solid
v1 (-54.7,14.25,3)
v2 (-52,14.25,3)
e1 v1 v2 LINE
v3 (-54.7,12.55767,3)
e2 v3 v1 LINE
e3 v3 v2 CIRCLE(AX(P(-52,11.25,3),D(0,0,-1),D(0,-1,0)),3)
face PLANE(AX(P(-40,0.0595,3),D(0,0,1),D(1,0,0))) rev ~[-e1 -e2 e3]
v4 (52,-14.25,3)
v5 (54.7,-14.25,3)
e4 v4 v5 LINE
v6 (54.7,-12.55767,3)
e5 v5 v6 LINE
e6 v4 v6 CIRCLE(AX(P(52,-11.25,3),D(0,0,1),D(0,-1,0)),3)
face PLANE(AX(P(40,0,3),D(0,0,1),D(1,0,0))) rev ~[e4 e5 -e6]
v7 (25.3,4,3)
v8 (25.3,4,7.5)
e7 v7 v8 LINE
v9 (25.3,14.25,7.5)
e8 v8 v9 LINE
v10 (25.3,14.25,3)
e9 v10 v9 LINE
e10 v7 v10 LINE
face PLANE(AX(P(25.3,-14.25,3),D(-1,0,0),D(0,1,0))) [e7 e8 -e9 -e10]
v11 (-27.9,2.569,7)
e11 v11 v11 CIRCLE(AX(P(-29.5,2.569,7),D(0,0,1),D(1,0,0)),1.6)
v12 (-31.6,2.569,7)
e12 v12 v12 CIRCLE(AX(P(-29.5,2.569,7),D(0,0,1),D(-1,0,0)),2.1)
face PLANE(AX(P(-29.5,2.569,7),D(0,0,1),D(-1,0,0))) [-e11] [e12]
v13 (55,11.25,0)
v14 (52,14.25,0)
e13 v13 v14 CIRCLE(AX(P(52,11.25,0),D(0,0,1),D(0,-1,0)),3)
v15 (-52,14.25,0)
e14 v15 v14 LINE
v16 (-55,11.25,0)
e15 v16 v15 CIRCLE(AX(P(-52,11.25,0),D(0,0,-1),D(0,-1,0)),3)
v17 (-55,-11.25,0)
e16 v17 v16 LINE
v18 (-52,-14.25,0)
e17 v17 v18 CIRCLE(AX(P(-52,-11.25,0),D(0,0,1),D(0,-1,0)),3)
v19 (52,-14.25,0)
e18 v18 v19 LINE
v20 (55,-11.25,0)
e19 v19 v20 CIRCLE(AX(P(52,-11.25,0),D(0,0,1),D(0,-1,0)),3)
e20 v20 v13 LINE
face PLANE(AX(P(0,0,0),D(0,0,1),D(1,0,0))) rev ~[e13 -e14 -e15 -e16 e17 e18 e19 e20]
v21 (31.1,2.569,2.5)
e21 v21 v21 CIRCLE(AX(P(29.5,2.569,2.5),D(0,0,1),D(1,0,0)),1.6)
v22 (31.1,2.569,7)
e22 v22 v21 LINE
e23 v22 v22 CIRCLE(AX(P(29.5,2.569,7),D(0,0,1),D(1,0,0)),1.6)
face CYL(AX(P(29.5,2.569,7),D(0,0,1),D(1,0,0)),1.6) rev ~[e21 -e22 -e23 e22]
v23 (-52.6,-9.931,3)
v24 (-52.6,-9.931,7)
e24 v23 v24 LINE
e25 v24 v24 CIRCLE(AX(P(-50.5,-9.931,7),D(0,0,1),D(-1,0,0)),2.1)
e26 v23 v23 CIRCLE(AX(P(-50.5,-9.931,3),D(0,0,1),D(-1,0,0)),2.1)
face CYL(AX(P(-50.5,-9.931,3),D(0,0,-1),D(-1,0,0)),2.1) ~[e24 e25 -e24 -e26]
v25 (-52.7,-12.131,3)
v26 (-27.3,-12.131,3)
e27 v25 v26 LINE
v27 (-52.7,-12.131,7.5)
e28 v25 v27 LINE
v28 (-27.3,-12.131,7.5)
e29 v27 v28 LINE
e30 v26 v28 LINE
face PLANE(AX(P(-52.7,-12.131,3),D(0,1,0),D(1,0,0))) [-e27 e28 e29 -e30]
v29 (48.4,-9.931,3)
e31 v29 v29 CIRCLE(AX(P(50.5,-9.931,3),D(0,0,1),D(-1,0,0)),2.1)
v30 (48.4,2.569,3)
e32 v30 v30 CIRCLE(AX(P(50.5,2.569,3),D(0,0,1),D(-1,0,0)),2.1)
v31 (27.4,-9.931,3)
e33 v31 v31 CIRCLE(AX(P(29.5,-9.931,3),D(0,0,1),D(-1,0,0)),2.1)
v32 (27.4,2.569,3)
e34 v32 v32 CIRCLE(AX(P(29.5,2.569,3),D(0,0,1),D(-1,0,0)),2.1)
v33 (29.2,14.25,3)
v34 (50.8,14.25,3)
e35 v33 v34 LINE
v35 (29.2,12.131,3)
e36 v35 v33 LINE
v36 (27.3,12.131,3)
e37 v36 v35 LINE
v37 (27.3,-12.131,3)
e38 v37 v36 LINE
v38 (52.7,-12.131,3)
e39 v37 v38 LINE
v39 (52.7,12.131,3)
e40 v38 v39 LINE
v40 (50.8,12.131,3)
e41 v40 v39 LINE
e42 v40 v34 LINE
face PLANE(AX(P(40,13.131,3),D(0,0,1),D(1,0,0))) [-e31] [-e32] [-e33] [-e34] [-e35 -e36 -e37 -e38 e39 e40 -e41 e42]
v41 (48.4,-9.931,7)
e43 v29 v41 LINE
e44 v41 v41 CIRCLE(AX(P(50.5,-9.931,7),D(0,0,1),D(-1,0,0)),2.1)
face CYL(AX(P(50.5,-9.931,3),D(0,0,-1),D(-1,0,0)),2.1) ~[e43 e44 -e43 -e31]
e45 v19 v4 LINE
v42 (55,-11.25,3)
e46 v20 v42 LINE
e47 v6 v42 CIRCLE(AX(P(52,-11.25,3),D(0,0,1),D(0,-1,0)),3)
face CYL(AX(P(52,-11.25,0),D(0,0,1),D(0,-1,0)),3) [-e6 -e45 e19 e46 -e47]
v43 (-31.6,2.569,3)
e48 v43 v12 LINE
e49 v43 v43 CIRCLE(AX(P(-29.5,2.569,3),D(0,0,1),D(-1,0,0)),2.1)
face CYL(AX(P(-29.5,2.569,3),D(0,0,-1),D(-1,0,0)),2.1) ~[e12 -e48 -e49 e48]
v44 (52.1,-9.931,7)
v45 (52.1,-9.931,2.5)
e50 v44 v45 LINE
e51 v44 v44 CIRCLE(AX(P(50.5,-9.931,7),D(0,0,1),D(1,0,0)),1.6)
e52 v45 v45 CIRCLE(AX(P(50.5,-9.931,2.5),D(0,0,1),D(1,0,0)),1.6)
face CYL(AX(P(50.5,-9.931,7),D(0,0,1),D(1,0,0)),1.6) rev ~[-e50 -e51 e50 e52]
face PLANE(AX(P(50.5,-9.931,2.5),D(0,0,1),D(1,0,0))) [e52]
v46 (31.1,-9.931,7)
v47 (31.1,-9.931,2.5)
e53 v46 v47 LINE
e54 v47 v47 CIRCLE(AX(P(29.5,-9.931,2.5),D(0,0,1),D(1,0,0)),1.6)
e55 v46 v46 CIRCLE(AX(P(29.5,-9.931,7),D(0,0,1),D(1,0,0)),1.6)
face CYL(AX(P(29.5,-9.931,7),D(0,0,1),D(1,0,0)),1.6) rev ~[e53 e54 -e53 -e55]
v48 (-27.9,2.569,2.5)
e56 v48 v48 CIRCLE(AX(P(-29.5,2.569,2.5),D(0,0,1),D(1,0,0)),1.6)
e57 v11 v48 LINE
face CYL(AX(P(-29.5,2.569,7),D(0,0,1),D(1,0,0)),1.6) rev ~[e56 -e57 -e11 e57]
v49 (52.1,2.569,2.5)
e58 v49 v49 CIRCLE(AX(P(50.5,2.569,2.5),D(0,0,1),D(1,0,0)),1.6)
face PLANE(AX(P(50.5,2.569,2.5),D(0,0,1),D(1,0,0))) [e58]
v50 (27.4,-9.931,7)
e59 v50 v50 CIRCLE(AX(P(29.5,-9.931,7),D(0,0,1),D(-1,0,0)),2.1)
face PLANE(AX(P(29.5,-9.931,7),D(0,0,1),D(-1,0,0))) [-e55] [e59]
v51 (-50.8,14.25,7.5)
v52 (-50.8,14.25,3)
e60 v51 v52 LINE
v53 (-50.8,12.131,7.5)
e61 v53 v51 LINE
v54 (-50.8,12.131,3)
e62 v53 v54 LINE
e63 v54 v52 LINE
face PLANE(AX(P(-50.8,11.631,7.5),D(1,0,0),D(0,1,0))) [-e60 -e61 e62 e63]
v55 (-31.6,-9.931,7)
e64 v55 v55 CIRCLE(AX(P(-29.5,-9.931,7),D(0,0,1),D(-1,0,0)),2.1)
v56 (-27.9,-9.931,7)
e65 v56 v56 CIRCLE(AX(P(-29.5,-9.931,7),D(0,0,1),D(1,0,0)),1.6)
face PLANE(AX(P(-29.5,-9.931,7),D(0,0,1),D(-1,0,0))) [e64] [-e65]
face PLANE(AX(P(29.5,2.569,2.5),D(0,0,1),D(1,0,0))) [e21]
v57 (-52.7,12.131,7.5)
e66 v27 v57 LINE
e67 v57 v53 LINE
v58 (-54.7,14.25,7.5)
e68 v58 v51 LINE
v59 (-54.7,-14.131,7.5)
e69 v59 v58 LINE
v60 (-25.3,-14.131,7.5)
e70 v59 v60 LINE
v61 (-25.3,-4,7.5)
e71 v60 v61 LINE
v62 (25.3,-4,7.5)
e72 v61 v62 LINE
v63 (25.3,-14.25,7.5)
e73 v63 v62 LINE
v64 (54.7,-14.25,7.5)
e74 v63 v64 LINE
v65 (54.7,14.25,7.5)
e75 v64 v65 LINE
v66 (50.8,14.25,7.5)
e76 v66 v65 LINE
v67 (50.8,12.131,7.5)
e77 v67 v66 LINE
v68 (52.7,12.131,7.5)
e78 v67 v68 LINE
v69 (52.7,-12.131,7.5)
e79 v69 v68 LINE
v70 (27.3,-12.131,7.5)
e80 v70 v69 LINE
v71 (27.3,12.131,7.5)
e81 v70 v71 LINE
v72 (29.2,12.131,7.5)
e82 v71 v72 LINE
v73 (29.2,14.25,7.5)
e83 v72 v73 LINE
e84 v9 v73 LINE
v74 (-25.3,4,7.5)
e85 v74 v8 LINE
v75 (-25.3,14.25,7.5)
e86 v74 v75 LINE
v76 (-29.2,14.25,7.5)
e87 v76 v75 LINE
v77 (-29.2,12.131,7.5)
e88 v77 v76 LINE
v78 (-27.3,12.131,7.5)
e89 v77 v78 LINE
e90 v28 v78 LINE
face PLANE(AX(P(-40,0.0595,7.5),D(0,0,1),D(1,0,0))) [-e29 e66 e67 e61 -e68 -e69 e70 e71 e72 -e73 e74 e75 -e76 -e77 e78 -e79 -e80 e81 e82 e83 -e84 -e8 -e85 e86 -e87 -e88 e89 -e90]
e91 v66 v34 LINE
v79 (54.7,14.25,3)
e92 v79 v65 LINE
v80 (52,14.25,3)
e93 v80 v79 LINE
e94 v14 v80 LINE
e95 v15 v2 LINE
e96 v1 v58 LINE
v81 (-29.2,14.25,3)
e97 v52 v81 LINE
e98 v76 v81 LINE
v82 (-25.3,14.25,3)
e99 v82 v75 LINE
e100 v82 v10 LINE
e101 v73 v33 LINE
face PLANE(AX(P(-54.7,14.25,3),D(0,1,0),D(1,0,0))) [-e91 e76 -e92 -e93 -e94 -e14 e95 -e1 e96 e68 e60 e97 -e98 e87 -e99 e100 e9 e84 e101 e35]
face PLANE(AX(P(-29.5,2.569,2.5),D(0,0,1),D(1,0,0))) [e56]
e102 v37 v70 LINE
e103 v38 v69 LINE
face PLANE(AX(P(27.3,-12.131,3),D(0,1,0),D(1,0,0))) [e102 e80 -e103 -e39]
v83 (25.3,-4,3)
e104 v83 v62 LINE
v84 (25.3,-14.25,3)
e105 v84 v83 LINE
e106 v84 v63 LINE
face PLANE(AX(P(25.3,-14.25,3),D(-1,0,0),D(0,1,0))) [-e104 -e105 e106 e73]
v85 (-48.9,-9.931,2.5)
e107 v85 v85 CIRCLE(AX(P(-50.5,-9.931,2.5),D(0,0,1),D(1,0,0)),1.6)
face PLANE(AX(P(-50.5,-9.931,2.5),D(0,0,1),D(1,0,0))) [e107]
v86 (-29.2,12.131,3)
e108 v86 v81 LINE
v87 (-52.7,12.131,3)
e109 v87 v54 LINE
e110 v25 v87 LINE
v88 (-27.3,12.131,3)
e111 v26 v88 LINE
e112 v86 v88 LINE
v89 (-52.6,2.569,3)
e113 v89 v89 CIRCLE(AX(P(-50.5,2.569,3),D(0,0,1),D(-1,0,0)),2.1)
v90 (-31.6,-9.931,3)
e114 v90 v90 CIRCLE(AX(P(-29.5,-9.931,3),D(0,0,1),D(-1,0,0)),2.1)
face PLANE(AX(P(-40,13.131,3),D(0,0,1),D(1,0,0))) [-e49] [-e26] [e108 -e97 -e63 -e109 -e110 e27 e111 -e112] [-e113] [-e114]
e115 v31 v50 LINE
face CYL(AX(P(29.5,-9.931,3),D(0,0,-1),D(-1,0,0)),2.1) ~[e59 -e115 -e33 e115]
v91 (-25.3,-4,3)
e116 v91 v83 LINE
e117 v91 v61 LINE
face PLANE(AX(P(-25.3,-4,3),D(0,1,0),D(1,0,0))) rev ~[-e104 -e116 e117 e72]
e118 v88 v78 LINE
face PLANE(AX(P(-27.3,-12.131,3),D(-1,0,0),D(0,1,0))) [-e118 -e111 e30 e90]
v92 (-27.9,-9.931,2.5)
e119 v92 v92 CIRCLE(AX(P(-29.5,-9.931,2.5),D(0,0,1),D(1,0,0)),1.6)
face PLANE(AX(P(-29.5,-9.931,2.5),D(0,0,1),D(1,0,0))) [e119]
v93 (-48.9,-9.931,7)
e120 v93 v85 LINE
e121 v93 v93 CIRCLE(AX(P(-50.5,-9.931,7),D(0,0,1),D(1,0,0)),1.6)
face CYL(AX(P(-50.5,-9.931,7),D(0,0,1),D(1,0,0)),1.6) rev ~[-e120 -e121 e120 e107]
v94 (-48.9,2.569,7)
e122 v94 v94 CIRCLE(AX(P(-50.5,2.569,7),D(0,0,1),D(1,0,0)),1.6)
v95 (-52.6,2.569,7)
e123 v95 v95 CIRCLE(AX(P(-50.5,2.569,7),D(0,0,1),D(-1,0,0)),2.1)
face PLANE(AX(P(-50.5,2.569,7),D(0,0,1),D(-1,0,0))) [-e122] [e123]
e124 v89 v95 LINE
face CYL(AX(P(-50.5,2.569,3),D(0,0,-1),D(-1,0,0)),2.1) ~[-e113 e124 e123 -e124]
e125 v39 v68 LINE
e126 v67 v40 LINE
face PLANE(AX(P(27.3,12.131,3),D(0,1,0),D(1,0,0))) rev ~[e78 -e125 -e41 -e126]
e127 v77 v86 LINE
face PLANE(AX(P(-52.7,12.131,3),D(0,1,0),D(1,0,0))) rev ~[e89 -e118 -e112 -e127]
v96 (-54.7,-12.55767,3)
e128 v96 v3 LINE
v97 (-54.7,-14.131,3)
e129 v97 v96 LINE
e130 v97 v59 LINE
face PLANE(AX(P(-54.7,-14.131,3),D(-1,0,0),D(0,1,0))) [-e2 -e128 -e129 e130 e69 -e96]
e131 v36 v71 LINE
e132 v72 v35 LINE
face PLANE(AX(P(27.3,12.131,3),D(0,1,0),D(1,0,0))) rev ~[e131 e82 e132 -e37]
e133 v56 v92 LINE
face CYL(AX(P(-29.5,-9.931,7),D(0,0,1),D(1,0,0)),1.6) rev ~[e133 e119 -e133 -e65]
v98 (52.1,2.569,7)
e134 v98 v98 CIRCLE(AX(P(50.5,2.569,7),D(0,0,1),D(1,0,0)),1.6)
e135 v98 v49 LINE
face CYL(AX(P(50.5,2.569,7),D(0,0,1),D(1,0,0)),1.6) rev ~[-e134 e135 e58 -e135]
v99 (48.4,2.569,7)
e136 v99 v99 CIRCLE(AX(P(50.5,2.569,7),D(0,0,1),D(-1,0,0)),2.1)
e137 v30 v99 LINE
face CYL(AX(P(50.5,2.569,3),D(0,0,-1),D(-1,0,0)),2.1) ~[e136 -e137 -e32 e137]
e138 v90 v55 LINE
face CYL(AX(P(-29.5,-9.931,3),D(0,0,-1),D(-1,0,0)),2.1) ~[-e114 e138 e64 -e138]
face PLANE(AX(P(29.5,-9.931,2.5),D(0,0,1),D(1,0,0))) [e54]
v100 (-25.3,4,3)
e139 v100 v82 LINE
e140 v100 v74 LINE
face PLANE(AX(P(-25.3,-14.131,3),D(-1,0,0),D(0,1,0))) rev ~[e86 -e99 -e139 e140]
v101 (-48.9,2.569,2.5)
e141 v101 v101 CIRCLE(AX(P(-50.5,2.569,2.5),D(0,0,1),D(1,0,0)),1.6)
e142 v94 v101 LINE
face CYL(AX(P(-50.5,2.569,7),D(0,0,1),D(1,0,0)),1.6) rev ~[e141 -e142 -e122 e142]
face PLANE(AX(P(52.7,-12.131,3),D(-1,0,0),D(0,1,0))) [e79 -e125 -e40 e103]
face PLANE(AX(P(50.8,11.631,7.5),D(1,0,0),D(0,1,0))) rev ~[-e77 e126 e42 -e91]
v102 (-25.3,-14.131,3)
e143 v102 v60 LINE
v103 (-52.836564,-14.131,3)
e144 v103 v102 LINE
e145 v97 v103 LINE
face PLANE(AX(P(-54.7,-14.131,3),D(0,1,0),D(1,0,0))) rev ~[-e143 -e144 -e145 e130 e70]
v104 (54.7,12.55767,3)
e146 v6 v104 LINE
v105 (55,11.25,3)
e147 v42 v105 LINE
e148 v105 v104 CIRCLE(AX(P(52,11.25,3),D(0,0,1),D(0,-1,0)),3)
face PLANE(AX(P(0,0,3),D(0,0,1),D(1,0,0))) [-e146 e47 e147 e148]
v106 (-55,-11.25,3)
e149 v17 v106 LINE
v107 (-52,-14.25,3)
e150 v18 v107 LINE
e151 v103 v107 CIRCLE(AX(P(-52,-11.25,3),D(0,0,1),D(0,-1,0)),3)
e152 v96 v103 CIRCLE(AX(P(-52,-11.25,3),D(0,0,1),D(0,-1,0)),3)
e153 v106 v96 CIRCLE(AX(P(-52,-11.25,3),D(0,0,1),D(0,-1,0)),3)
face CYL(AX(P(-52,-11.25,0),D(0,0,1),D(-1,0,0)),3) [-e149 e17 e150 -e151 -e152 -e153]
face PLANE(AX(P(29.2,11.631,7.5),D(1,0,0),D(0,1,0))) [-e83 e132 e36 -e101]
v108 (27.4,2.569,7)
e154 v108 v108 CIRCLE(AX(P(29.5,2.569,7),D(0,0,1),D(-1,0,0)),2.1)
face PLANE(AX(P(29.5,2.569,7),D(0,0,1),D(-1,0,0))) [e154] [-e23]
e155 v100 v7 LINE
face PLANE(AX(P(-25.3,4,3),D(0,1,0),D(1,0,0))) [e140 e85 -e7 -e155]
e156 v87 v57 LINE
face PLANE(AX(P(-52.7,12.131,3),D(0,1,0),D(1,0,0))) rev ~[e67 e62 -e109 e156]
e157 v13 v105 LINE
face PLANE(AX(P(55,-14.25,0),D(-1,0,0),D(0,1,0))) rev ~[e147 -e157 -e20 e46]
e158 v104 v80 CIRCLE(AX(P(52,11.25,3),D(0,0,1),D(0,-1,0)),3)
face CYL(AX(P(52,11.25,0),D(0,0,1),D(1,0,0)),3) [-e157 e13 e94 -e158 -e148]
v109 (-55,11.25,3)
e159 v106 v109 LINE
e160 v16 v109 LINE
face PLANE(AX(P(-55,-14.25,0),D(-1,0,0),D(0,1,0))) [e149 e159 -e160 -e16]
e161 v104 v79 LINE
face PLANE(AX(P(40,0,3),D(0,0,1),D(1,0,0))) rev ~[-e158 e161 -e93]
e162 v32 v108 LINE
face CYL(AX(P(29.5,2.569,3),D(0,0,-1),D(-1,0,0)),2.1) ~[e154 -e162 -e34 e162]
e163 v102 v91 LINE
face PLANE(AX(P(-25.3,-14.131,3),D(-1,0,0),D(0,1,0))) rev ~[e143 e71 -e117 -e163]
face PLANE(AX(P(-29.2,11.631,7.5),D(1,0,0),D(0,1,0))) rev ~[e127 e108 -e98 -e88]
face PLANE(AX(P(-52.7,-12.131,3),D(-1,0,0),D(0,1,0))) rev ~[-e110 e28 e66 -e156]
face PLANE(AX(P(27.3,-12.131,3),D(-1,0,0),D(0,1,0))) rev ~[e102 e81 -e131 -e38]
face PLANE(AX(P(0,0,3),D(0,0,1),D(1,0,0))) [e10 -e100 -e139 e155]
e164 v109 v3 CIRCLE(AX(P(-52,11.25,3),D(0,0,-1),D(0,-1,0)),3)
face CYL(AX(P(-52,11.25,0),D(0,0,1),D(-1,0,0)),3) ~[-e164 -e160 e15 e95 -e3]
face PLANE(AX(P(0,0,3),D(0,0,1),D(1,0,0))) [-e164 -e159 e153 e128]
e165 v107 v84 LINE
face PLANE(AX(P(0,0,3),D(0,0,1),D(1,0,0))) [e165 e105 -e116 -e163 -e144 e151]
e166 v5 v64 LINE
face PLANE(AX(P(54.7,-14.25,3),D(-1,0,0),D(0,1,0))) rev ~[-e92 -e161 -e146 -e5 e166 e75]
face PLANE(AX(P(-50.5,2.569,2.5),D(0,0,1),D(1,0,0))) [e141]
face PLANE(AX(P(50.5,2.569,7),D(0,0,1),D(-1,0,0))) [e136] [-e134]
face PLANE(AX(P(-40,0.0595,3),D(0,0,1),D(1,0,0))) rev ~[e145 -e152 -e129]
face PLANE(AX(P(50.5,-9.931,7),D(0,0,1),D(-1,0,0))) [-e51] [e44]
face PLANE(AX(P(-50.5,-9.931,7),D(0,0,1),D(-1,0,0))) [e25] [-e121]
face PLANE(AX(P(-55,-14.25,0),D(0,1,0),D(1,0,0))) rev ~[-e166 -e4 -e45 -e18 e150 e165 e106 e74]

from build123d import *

# Parameters (mm, degrees)
SKETCH1_W                  = 110
SKETCH1_H                  = 28.5
BACKPLATE_BASE_DEPTH       = 3
OUTER_CORNER_FILLETS_R     = 3
SKETCH2_W                  = 29.4
SKETCH2_H                  = 28.381
SKETCH2_W_2                = 25.4
SKETCH2_H_2                = 24.262
SKETCH2_H_3                = 28.5
POCKET_WALLS_DEPTH         = 4.5
SKETCH3_W                  = 50.6
SKETCH3_H                  = 8
CENTER_BRIDGE_DEPTH        = 4.5
SKETCH4_W                  = 21.6
SKETCH4_H                  = 3
CSI_CABLE_EXIT_SLOTS_DEPTH = 4.5
STANDOFF_BOSSES_START      = 3
SKETCH5_R                  = 2.1
STANDOFF_BOSSES_DEPTH      = 4
SKETCH6_R                  = 1.6
M2_INSERT_HOLES_DEPTH      = 4.5


with BuildPart() as part:
    # Sketch1 → Backplate_Base (new body)
    with BuildSketch(Plane.XY):
        Rectangle(SKETCH1_W, SKETCH1_H)
    extrude(amount=BACKPLATE_BASE_DEPTH)

    # Outer_Corner_Fillets
    outer_corner_fillets_edges = [part.edges().sort_by_distance(p)[0] for p in [
        (-55, 14.25, 1.5),
        (55, 14.25, 1.5),
        (55, -14.25, 1.5),
        (-55, -14.25, 1.5),
    ]]
    fillet(outer_corner_fillets_edges, radius=OUTER_CORNER_FILLETS_R)

    # Sketch2 → Pocket_Walls (add)
    # profile 1 of 2: a face of its own
    with BuildSketch(Plane.XY.offset(3)):
        with Locations((-40, 0.0595)):
            Rectangle(SKETCH2_W, SKETCH2_H)
        with Locations((-40, 0)):
            Rectangle(SKETCH2_W_2, SKETCH2_H_2, mode=Mode.SUBTRACT)
    # profile 2 of 2: a face of its own
    with BuildSketch(Plane.XY.offset(3)):
        with Locations((40, 0)):
            Rectangle(SKETCH2_W, SKETCH2_H_3)
        with Locations((40, 0)):
            Rectangle(SKETCH2_W_2, SKETCH2_H_2, mode=Mode.SUBTRACT)
    extrude(amount=POCKET_WALLS_DEPTH)

    # Sketch3 → Center_Bridge (add)
    with BuildSketch(Plane.XY.offset(3)):
        Rectangle(SKETCH3_W, SKETCH3_H)
    extrude(amount=CENTER_BRIDGE_DEPTH)

    # Sketch4 → CSI_Cable_Exit_Slots (cut)
    with BuildSketch(Plane.XY.offset(7.5)):
        with Locations((-40, 13.131)):
            Rectangle(SKETCH4_W, SKETCH4_H)
        with Locations((40, 13.131)):
            Rectangle(SKETCH4_W, SKETCH4_H)
    extrude(amount=-CSI_CABLE_EXIT_SLOTS_DEPTH, mode=Mode.SUBTRACT)

    # Sketch5 → Standoff_Bosses (add)
    with BuildSketch(Plane.XY.offset(STANDOFF_BOSSES_START)):
        with Locations(Location((-50.5, -9.931, 0), (0, 0, 180))):
            Circle(SKETCH5_R)
        with Locations(Location((-29.5, -9.931, 0), (0, 0, 180))):
            Circle(SKETCH5_R)
        with Locations(Location((-50.5, 2.569, 0), (0, 0, 180))):
            Circle(SKETCH5_R)
        with Locations(Location((-29.5, 2.569, 0), (0, 0, 180))):
            Circle(SKETCH5_R)
        with Locations(Location((29.5, -9.931, 0), (0, 0, 180))):
            Circle(SKETCH5_R)
        with Locations(Location((50.5, -9.931, 0), (0, 0, 180))):
            Circle(SKETCH5_R)
        with Locations(Location((29.5, 2.569, 0), (0, 0, 180))):
            Circle(SKETCH5_R)
        with Locations(Location((50.5, 2.569, 0), (0, 0, 180))):
            Circle(SKETCH5_R)
    extrude(amount=STANDOFF_BOSSES_DEPTH)

    # Sketch6 → M2_Insert_Holes (cut)
    with BuildSketch(Plane.XY.offset(7)):
        with Locations((-50.5, -9.931)):
            Circle(SKETCH6_R)
        with Locations((-29.5, -9.931)):
            Circle(SKETCH6_R)
        with Locations((-50.5, 2.569)):
            Circle(SKETCH6_R)
        with Locations((-29.5, 2.569)):
            Circle(SKETCH6_R)
        with Locations((29.5, -9.931)):
            Circle(SKETCH6_R)
        with Locations((50.5, -9.931)):
            Circle(SKETCH6_R)
        with Locations((29.5, 2.569)):
            Circle(SKETCH6_R)
        with Locations((50.5, 2.569)):
            Circle(SKETCH6_R)
    extrude(amount=-M2_INSERT_HOLES_DEPTH, mode=Mode.SUBTRACT)


solid = part.part
